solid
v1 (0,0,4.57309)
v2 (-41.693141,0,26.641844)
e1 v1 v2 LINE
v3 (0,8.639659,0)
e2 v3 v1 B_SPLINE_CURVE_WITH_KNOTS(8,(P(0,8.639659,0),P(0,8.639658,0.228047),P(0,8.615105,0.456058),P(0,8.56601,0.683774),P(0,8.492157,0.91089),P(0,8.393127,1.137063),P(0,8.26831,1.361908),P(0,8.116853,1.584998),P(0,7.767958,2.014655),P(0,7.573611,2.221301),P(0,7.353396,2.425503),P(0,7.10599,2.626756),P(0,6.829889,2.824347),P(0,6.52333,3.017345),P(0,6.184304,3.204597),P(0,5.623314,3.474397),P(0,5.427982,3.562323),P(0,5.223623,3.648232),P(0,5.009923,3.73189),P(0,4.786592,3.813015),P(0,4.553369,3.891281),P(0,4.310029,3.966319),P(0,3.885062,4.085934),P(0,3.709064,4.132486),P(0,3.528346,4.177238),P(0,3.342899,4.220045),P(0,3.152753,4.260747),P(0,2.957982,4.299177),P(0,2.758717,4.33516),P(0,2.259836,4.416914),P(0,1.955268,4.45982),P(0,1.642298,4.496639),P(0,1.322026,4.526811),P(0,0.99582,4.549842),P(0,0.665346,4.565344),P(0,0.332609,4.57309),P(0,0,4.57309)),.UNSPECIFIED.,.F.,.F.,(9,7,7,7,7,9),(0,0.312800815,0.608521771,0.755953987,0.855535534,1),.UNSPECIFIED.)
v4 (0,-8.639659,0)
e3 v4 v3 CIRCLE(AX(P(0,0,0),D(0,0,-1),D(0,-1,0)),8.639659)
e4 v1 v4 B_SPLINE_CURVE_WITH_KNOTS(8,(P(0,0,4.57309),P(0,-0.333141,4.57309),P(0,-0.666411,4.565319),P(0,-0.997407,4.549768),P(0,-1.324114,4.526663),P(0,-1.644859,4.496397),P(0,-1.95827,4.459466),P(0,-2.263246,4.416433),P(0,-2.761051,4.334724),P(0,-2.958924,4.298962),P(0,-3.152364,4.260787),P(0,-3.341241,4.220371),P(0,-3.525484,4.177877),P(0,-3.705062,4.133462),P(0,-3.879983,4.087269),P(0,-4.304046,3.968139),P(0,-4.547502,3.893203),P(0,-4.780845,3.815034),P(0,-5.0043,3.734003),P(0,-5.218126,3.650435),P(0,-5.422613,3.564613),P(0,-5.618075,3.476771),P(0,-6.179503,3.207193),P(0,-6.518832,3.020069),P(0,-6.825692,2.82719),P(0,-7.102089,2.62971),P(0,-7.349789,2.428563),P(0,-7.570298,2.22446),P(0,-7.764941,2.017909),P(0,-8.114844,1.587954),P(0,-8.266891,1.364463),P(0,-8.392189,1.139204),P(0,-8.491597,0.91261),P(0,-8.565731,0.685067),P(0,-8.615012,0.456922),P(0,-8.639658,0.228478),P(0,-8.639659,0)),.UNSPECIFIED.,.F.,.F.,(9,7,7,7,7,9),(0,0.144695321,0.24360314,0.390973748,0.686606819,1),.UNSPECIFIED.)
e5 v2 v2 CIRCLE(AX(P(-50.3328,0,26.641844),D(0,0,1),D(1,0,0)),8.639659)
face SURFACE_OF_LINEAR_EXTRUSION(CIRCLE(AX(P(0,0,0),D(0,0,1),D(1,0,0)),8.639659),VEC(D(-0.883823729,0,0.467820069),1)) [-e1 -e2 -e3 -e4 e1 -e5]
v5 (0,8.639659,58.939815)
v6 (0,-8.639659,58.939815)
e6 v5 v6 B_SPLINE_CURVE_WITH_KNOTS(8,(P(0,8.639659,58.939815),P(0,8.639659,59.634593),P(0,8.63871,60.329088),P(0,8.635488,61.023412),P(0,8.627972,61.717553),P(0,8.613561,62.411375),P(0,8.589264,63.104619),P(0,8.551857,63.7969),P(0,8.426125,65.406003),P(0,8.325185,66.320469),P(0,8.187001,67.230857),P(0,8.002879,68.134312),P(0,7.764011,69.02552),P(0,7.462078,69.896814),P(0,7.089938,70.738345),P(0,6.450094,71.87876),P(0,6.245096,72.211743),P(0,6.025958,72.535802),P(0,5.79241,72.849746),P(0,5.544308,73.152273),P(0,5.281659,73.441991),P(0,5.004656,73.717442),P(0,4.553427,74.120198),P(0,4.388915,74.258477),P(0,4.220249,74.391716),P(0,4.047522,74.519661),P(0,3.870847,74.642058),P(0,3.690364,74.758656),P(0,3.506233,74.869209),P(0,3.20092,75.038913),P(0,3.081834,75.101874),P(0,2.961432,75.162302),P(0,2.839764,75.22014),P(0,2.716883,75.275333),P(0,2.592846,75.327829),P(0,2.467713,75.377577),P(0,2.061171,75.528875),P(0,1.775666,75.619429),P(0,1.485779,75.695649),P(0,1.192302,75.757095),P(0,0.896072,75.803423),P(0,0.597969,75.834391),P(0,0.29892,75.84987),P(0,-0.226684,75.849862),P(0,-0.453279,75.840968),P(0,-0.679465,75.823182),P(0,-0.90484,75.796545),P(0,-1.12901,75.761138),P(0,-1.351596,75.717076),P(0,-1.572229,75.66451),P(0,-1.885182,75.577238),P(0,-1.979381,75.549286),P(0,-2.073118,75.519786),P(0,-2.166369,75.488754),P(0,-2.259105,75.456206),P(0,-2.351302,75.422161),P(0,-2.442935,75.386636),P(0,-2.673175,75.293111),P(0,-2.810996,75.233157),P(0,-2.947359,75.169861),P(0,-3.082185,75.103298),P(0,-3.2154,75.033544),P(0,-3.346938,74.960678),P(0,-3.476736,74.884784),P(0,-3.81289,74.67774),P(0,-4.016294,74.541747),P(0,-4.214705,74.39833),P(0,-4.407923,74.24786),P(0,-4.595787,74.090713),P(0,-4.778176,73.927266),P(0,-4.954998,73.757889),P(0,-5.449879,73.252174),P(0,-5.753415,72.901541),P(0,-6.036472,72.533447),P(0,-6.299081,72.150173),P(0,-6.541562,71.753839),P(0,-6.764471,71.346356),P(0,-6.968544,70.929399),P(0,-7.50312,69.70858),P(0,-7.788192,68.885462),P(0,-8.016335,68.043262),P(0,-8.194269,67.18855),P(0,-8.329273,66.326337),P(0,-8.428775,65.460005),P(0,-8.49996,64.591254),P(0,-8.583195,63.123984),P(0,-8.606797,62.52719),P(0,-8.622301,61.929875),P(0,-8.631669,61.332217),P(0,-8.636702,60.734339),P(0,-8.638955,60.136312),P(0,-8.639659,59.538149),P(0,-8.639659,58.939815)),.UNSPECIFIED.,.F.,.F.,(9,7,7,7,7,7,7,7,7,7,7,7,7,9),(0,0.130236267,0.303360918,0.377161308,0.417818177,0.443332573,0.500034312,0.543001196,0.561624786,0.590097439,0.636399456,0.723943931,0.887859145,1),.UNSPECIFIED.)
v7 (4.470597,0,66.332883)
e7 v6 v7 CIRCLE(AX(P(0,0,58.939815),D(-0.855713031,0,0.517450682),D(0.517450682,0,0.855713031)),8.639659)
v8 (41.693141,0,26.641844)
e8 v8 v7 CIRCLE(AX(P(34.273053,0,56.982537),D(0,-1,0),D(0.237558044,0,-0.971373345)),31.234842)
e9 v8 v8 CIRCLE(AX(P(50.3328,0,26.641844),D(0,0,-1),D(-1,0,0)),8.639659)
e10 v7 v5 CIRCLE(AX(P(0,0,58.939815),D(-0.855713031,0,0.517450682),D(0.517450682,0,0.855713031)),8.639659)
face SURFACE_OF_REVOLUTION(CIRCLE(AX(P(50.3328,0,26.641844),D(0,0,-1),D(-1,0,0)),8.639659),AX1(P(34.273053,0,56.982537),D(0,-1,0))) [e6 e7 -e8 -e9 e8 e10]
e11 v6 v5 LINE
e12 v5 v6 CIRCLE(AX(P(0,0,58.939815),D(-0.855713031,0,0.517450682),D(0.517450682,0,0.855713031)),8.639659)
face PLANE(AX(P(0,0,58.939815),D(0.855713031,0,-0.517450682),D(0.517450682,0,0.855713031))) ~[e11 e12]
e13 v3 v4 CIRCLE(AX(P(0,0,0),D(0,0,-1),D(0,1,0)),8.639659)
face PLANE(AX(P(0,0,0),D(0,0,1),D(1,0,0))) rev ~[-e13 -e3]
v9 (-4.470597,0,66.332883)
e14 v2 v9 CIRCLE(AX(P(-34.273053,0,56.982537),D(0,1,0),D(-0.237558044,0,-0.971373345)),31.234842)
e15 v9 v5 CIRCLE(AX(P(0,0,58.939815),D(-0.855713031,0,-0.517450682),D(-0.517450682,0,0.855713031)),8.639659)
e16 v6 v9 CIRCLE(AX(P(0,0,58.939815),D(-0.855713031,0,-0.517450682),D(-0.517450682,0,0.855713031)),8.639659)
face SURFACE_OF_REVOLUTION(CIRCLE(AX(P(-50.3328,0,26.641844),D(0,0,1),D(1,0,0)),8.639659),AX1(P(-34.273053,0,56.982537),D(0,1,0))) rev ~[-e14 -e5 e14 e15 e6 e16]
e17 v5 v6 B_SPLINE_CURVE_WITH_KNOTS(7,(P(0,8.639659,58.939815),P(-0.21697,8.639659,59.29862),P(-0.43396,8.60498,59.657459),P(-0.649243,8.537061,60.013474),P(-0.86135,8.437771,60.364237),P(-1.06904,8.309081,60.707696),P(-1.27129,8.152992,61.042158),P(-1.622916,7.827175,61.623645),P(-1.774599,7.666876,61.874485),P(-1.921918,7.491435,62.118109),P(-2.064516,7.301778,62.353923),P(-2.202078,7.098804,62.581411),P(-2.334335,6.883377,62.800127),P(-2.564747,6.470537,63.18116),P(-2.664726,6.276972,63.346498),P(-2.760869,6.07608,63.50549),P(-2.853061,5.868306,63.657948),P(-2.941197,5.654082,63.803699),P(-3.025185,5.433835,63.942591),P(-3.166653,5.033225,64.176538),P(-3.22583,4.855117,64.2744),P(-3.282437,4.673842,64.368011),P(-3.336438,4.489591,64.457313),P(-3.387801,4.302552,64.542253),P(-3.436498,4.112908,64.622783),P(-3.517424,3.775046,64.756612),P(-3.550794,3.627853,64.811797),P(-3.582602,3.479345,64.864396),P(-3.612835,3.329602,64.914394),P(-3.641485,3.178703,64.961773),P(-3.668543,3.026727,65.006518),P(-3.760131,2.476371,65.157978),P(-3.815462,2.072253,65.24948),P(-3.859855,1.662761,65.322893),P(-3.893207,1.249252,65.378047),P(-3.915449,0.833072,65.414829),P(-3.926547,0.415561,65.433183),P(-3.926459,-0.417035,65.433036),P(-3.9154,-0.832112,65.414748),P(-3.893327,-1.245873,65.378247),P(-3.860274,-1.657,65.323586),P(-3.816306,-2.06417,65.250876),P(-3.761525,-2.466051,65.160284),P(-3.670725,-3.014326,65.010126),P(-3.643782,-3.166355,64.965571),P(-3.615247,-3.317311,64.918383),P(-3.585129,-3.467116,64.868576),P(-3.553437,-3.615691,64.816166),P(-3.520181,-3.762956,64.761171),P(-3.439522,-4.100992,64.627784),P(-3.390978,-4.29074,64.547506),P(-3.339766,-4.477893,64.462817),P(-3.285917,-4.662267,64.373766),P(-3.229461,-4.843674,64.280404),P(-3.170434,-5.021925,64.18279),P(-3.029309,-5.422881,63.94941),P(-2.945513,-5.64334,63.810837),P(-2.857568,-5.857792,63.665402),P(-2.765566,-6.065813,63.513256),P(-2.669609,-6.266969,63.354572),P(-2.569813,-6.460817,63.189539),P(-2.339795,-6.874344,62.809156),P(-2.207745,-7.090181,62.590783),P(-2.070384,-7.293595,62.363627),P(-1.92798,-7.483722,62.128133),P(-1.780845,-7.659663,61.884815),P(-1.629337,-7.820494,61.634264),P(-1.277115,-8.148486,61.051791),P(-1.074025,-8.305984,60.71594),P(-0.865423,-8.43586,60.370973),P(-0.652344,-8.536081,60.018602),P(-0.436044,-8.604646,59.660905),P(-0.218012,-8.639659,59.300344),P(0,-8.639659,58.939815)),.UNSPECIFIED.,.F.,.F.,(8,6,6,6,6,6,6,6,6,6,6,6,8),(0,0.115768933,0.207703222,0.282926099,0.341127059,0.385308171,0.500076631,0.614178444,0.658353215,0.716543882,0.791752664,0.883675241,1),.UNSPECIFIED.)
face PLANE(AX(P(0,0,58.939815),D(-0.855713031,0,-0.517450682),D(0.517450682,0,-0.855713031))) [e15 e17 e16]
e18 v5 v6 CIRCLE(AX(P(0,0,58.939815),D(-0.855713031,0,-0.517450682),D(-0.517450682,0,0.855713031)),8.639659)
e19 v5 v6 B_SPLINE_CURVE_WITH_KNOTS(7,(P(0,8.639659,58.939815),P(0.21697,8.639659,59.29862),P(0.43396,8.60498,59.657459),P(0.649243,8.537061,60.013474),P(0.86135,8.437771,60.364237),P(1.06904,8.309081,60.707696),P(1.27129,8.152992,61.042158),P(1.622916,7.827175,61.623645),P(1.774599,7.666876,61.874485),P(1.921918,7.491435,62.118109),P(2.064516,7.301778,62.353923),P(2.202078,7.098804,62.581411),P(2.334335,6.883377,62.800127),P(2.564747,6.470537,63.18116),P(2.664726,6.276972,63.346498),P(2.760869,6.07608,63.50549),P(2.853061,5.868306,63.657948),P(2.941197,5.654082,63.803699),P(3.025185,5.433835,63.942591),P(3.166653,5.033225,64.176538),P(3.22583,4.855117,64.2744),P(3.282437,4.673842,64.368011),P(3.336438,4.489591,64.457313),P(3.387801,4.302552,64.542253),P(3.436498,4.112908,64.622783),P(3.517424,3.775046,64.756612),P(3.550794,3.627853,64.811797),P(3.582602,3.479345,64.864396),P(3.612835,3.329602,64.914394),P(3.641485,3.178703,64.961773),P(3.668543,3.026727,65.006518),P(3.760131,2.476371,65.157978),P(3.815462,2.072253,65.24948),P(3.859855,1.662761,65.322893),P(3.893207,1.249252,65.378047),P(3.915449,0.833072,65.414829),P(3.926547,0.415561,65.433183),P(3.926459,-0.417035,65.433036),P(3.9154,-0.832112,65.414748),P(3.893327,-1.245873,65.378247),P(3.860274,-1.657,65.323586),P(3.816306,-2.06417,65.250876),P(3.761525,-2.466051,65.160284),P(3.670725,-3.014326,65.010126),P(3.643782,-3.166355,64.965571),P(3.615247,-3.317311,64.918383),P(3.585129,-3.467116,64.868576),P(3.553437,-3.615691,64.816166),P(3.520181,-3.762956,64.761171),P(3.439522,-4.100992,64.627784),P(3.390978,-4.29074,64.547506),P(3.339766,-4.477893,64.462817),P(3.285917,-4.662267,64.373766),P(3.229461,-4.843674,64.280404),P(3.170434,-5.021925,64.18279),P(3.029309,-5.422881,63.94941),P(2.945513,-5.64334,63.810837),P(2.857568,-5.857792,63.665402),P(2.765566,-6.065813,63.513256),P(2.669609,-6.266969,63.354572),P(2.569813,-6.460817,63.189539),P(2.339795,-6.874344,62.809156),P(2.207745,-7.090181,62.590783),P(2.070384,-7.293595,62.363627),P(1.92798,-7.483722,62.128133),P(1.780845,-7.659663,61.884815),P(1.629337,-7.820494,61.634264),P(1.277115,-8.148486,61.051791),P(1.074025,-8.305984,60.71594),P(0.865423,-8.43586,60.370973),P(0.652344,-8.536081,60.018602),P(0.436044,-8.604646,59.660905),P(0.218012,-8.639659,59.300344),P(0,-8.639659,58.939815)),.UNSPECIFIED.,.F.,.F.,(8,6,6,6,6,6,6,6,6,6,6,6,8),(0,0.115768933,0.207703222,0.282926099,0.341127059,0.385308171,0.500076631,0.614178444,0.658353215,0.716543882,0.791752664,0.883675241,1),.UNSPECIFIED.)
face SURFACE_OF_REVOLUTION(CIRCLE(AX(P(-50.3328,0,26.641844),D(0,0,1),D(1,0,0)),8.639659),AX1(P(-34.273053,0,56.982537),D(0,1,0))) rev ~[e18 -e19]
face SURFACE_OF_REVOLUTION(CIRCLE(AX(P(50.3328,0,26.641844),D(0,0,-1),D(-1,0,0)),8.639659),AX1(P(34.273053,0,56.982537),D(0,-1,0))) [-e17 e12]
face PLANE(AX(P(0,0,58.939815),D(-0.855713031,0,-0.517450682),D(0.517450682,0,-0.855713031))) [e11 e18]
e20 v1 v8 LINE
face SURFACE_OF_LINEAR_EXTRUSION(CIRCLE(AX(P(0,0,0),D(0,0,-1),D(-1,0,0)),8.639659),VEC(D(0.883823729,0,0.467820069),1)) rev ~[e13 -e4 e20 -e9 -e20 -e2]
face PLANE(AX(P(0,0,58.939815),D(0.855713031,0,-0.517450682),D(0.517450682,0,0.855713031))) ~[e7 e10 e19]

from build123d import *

# Parameters (mm, degrees)
F1_R = 8.6396585437


with BuildPart() as f2:
    # F2: sweep along a path in F0
    with BuildLine(Plane.XZ) as f2_path:
        Line((0, 0), (-50.3327995539, 26.6418438405))
        ThreePointArc((-50.3327995539, 26.6418438405), (-52.8127634615, 85.8746159064), (0, 58.9398145676))
    # F1 (on Top) → F2 (sweep)
    with BuildSketch(Plane.XY):
        Circle(F1_R)
    sweep(path=f2_path.line)

    # F3: F2 across plane


with BuildPart() as f2_1:
    add(f2.part)
    add(f2.part.mirror(Plane.YZ))


solid = f2_1.part
